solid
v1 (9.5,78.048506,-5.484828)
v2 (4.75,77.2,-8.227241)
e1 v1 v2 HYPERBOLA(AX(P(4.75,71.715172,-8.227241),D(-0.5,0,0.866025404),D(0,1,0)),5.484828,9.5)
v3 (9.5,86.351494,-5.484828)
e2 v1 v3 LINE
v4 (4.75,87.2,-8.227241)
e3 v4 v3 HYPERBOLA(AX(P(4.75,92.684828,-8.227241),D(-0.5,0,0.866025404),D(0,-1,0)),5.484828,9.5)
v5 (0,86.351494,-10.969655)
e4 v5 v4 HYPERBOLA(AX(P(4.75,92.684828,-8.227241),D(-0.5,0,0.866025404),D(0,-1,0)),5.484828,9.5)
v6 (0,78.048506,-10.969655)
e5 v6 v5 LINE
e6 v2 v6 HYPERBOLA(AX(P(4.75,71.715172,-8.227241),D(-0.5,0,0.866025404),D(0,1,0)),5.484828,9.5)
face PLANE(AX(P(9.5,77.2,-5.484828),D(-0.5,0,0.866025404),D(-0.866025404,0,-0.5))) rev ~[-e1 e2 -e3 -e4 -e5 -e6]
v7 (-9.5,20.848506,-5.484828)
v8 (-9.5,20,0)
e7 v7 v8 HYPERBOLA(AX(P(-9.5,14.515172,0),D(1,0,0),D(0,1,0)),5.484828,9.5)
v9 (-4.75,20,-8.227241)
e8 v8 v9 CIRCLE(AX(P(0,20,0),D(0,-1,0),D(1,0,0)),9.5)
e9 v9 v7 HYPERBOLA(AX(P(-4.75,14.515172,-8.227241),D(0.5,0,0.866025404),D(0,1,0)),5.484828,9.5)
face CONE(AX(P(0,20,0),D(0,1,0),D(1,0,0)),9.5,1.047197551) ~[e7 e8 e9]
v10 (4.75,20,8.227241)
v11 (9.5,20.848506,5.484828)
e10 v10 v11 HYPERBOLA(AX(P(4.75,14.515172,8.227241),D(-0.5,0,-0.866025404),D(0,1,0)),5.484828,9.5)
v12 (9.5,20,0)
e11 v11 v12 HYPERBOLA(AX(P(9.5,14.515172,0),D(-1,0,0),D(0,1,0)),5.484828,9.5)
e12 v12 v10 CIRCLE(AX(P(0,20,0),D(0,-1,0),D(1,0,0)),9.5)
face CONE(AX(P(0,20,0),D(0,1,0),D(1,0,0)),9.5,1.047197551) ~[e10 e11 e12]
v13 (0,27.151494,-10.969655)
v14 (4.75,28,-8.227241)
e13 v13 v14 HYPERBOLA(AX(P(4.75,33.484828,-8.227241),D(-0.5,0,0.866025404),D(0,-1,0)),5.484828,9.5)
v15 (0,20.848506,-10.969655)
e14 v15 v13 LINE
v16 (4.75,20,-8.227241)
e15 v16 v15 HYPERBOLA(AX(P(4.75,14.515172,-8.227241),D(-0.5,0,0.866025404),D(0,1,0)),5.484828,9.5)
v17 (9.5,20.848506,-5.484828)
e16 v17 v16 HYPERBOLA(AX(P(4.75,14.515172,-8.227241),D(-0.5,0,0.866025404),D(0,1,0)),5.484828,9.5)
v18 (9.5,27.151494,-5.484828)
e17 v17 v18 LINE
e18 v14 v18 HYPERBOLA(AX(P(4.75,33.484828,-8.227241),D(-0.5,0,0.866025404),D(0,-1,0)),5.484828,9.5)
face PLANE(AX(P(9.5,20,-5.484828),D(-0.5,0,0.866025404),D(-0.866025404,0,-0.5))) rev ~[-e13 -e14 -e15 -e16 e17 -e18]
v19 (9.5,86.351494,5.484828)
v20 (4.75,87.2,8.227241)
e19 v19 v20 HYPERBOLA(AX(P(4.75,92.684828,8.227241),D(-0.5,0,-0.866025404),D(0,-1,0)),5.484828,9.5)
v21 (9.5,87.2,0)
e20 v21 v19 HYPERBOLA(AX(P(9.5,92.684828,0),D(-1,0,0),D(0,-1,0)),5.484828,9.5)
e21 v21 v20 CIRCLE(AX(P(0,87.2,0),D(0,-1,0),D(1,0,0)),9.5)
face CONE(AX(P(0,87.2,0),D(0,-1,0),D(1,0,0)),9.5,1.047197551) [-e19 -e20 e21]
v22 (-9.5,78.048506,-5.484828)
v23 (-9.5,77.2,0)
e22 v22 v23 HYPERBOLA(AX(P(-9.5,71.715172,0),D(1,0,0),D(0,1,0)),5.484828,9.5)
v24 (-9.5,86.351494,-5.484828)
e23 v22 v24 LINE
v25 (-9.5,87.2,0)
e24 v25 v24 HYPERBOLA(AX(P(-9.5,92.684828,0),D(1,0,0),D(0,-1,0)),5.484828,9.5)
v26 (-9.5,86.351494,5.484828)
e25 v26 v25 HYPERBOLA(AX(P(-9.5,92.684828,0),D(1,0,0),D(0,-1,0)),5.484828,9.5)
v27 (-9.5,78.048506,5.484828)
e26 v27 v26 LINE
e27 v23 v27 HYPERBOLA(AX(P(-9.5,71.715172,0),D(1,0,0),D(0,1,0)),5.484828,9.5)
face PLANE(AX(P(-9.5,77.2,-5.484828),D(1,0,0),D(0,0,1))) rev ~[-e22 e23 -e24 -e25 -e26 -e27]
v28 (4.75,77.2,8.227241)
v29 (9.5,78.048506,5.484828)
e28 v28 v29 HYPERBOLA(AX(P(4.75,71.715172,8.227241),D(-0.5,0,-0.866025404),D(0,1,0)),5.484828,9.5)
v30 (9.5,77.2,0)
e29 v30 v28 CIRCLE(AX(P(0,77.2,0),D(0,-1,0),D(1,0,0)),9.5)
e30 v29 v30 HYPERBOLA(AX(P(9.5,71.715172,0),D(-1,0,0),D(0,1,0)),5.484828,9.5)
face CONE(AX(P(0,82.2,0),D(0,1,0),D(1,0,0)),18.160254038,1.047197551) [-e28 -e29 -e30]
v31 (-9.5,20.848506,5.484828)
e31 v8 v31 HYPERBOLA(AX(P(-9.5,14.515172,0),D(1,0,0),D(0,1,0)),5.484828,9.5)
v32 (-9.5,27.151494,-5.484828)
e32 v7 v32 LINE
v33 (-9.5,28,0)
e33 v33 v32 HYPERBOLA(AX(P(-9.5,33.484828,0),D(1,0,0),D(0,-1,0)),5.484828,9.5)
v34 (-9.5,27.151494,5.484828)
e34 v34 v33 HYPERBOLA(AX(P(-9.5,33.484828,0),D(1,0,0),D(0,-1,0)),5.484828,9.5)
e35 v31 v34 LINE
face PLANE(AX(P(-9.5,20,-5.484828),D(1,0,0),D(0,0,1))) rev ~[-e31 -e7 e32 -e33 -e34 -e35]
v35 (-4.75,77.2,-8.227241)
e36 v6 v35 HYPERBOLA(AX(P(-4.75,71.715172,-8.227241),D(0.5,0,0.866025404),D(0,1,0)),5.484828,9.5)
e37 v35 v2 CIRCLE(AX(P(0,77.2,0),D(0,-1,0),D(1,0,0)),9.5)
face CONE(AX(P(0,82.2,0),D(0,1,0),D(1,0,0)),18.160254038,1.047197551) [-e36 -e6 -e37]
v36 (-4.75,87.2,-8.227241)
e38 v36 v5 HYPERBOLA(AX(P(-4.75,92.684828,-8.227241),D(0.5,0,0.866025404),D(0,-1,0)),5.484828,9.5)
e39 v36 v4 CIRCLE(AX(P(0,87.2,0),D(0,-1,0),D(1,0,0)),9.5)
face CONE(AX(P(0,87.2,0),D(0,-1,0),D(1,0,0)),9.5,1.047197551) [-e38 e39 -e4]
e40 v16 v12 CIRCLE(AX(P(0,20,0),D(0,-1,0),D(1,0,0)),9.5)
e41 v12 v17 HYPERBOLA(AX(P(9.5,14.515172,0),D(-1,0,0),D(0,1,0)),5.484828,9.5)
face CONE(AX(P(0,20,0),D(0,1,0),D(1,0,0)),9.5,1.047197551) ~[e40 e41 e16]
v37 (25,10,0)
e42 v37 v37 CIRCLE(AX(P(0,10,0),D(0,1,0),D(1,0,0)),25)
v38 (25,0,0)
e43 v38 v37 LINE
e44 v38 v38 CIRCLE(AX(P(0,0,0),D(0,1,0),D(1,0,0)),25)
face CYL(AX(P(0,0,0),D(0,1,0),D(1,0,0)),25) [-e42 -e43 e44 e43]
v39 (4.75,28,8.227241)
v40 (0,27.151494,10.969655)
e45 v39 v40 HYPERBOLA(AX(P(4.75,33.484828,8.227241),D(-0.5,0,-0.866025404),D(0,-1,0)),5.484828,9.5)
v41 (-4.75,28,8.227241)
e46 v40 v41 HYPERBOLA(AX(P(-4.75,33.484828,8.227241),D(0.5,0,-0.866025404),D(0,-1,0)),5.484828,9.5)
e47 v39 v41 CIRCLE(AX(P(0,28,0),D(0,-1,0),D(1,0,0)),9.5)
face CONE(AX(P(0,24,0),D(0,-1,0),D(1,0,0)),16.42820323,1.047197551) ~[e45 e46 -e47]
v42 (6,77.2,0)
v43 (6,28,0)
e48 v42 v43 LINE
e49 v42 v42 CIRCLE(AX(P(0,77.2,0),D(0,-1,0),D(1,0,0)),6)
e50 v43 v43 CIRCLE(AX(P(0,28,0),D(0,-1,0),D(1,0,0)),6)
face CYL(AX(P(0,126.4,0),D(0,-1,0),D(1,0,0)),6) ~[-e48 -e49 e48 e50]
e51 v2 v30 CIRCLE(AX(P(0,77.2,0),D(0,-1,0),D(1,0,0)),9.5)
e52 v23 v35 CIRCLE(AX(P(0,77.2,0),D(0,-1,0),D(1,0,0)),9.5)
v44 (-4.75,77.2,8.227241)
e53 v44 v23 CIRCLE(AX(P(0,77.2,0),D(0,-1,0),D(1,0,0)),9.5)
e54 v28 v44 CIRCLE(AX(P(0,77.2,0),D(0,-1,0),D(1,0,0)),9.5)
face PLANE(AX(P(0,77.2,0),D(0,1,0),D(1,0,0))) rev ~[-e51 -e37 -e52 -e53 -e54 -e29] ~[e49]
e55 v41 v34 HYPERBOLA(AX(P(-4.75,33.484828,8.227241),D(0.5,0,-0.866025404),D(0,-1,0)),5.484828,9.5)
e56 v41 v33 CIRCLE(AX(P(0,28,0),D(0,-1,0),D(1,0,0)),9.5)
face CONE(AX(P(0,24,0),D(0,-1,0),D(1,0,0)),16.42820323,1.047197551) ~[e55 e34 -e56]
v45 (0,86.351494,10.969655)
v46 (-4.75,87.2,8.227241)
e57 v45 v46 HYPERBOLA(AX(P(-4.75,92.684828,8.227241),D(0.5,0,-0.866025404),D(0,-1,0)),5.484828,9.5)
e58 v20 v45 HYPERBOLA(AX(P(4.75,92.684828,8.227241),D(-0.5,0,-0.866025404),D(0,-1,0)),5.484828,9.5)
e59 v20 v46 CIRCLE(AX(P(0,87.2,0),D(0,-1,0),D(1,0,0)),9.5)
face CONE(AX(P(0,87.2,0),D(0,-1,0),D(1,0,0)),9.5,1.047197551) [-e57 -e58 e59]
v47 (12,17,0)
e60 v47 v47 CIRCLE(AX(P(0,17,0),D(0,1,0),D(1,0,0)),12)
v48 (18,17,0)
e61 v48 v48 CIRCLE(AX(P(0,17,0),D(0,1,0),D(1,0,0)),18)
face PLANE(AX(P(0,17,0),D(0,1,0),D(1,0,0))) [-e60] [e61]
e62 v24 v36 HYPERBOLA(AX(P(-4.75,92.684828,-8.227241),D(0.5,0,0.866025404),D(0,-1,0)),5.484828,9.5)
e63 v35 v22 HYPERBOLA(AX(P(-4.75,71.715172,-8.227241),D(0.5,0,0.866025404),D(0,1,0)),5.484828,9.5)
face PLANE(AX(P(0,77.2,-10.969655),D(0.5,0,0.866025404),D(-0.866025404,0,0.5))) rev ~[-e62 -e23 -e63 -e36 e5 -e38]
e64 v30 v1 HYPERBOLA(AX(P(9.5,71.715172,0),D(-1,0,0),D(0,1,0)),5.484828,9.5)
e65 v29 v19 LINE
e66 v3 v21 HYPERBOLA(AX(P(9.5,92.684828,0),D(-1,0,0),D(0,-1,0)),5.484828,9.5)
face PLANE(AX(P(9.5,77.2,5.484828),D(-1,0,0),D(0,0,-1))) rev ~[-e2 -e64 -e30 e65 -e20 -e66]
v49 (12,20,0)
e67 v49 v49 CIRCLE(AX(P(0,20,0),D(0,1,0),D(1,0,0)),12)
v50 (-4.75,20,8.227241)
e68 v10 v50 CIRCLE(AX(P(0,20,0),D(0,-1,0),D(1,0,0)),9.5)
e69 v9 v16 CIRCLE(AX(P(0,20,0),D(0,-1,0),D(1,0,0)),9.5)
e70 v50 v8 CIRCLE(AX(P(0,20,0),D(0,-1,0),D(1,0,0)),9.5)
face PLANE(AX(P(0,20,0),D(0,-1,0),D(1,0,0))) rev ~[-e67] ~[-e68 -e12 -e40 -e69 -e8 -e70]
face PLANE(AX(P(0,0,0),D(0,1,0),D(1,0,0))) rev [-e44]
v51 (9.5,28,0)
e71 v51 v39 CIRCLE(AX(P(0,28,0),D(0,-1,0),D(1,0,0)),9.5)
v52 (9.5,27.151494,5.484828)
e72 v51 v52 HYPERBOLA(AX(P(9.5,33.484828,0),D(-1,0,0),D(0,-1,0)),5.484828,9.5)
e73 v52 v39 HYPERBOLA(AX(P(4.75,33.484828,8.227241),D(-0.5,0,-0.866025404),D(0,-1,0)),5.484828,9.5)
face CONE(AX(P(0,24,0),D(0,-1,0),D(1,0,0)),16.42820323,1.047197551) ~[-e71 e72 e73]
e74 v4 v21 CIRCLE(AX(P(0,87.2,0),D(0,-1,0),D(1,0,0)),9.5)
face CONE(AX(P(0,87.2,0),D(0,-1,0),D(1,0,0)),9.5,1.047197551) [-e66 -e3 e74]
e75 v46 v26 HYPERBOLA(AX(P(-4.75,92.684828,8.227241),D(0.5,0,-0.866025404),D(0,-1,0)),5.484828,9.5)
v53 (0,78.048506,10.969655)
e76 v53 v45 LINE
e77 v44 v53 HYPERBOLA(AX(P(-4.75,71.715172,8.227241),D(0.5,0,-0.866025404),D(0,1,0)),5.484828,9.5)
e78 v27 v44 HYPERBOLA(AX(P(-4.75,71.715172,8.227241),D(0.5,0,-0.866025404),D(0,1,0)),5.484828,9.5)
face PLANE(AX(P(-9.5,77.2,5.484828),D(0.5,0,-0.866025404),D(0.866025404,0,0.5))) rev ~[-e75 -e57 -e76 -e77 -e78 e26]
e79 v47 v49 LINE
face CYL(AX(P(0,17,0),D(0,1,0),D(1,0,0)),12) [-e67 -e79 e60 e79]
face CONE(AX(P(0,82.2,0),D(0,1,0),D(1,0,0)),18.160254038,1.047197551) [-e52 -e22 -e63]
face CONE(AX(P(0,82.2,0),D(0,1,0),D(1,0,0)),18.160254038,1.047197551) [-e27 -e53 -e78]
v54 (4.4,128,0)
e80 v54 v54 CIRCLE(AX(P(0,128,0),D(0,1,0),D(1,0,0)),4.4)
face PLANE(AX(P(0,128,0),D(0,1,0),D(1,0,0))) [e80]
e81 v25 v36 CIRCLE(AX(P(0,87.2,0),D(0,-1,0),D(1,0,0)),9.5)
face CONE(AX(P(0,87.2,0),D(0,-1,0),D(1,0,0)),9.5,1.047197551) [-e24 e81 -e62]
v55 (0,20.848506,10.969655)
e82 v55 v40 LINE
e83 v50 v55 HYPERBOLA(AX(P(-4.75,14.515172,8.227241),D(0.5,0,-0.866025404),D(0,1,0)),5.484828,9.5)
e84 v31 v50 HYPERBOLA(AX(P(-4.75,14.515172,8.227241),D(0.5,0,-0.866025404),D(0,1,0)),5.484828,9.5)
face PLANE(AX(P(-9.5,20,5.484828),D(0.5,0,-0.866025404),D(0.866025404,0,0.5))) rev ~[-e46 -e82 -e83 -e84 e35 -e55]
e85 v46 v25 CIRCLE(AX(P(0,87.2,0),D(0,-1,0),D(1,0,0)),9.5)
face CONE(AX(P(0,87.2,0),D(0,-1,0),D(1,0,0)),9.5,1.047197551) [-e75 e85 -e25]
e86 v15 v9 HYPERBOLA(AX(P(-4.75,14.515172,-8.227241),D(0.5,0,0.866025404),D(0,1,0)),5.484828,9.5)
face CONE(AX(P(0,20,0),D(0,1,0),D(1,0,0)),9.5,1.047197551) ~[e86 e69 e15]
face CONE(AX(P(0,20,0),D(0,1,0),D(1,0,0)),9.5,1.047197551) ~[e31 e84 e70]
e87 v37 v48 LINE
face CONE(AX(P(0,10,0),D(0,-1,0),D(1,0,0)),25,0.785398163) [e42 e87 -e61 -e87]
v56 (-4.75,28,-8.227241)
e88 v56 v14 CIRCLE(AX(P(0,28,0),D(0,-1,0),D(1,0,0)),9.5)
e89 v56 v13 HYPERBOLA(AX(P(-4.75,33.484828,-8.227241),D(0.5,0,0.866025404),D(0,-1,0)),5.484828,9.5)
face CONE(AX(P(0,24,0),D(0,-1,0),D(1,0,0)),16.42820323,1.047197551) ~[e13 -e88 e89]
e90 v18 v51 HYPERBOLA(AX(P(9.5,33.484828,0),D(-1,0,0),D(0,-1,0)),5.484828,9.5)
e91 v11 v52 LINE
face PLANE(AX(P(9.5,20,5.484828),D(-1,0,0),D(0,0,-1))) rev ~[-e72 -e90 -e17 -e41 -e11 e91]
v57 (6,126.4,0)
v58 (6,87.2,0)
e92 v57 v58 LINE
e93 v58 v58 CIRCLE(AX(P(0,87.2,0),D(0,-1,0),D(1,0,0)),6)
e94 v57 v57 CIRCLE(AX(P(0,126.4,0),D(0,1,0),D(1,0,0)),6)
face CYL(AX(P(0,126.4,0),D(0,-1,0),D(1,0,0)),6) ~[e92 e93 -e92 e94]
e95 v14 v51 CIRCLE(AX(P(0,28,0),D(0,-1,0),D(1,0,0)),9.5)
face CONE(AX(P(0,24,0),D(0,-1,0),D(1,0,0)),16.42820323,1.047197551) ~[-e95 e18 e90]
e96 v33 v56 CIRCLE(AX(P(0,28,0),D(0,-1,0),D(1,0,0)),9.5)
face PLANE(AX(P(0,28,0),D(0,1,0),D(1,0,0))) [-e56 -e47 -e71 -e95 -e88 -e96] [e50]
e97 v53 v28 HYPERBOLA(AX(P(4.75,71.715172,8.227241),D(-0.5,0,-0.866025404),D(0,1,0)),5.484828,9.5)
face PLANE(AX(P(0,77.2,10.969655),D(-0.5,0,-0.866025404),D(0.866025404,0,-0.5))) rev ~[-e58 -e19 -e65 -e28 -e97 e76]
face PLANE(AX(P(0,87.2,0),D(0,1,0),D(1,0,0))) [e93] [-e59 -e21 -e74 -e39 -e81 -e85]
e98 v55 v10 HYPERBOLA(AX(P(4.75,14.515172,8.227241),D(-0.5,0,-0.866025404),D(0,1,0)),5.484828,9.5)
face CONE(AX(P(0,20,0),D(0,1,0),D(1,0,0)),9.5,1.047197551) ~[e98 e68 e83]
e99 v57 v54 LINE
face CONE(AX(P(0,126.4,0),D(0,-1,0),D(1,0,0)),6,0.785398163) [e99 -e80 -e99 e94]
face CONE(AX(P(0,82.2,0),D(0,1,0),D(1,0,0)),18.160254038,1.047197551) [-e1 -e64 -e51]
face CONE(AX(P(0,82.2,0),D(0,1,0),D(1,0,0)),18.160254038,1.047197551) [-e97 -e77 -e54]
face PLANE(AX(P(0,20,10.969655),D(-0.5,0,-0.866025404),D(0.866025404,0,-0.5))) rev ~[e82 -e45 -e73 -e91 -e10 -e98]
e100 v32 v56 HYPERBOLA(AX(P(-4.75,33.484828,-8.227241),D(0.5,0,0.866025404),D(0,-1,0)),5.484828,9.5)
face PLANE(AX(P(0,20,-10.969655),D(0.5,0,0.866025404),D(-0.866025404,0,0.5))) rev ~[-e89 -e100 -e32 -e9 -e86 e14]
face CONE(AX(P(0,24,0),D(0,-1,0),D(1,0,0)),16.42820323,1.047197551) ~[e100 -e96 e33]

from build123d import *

# Parameters (mm, degrees)
EXTRUDE_1_DEPTH = 8
EXTRUDE_2_DEPTH = 10


with BuildPart() as part:
    # Эскиз1 → Повернуть1 (revolve)
    with BuildSketch(Plane.XY, mode=Mode.PRIVATE) as revolve_1_sk:
        Polygon((0, 0), (-25, 0), (-25, 10), (-18, 17), (-12, 17), (-12, 20), (-6, 20), (-6, 28), (-6, 126.4), (-4.4, 128), (0, 128), align=None)
    revolve(revolve_1_sk.sketch.rotate(Axis((0, 0, 0), (0, 1, 0)), 180), axis=Axis((0, 0, 0), (0, 1, 0)))  # turned: the seam where the file's is

    # Эскиз2 → Бобышка-Вытянуть1 (add)
    with BuildSketch(Plane(origin=(0, 20, 0), x_dir=(1, 0, 0), z_dir=(0, 1, 0))):
        Polygon((0, 10.969655115), (-9.5, 5.484827557), (-9.5, -5.484827557), (0, -10.969655115), (9.5, -5.484827557), (9.5, 5.484827557), align=None)
    extrude(amount=EXTRUDE_1_DEPTH)

    # Эскиз3 → Бобышка-Вытянуть2 (add)
    with BuildSketch(Plane(origin=(0, 77.2, 0), x_dir=(1, 0, 0), z_dir=(0, 1, 0))):
        Polygon((9.5, 5.484827557), (0, 10.969655115), (-9.5, 5.484827557), (-9.5, -5.484827557), (0, -10.969655115), (9.5, -5.484827557), align=None)
    extrude(amount=EXTRUDE_2_DEPTH)

    # Эскиз4 → Вырез-Повернуть2 (revolve, cut)
    with BuildSketch(Plane.XY, mode=Mode.PRIVATE) as cut_revolve_2_sk:
        Polygon((-18.160254038, 87.2), (-9.5, 87.2), (-18.160254038, 82.2), align=None)
        Polygon((-18.160254038, 77.2), (-18.160254038, 82.2), (-9.5, 77.2), align=None)
        Polygon((-16.42820323, 28), (-16.42820323, 24), (-9.5, 28), align=None)
        Polygon((-16.42820323, 24), (-16.42820323, 20), (-9.5, 20), align=None)
    revolve(cut_revolve_2_sk.sketch.rotate(Axis((0, 128, 0), (0, -1, 0)), 180), axis=Axis((0, 128, 0), (0, -1, 0)), mode=Mode.SUBTRACT)  # turned: the seam where the file's is


solid = part.part
